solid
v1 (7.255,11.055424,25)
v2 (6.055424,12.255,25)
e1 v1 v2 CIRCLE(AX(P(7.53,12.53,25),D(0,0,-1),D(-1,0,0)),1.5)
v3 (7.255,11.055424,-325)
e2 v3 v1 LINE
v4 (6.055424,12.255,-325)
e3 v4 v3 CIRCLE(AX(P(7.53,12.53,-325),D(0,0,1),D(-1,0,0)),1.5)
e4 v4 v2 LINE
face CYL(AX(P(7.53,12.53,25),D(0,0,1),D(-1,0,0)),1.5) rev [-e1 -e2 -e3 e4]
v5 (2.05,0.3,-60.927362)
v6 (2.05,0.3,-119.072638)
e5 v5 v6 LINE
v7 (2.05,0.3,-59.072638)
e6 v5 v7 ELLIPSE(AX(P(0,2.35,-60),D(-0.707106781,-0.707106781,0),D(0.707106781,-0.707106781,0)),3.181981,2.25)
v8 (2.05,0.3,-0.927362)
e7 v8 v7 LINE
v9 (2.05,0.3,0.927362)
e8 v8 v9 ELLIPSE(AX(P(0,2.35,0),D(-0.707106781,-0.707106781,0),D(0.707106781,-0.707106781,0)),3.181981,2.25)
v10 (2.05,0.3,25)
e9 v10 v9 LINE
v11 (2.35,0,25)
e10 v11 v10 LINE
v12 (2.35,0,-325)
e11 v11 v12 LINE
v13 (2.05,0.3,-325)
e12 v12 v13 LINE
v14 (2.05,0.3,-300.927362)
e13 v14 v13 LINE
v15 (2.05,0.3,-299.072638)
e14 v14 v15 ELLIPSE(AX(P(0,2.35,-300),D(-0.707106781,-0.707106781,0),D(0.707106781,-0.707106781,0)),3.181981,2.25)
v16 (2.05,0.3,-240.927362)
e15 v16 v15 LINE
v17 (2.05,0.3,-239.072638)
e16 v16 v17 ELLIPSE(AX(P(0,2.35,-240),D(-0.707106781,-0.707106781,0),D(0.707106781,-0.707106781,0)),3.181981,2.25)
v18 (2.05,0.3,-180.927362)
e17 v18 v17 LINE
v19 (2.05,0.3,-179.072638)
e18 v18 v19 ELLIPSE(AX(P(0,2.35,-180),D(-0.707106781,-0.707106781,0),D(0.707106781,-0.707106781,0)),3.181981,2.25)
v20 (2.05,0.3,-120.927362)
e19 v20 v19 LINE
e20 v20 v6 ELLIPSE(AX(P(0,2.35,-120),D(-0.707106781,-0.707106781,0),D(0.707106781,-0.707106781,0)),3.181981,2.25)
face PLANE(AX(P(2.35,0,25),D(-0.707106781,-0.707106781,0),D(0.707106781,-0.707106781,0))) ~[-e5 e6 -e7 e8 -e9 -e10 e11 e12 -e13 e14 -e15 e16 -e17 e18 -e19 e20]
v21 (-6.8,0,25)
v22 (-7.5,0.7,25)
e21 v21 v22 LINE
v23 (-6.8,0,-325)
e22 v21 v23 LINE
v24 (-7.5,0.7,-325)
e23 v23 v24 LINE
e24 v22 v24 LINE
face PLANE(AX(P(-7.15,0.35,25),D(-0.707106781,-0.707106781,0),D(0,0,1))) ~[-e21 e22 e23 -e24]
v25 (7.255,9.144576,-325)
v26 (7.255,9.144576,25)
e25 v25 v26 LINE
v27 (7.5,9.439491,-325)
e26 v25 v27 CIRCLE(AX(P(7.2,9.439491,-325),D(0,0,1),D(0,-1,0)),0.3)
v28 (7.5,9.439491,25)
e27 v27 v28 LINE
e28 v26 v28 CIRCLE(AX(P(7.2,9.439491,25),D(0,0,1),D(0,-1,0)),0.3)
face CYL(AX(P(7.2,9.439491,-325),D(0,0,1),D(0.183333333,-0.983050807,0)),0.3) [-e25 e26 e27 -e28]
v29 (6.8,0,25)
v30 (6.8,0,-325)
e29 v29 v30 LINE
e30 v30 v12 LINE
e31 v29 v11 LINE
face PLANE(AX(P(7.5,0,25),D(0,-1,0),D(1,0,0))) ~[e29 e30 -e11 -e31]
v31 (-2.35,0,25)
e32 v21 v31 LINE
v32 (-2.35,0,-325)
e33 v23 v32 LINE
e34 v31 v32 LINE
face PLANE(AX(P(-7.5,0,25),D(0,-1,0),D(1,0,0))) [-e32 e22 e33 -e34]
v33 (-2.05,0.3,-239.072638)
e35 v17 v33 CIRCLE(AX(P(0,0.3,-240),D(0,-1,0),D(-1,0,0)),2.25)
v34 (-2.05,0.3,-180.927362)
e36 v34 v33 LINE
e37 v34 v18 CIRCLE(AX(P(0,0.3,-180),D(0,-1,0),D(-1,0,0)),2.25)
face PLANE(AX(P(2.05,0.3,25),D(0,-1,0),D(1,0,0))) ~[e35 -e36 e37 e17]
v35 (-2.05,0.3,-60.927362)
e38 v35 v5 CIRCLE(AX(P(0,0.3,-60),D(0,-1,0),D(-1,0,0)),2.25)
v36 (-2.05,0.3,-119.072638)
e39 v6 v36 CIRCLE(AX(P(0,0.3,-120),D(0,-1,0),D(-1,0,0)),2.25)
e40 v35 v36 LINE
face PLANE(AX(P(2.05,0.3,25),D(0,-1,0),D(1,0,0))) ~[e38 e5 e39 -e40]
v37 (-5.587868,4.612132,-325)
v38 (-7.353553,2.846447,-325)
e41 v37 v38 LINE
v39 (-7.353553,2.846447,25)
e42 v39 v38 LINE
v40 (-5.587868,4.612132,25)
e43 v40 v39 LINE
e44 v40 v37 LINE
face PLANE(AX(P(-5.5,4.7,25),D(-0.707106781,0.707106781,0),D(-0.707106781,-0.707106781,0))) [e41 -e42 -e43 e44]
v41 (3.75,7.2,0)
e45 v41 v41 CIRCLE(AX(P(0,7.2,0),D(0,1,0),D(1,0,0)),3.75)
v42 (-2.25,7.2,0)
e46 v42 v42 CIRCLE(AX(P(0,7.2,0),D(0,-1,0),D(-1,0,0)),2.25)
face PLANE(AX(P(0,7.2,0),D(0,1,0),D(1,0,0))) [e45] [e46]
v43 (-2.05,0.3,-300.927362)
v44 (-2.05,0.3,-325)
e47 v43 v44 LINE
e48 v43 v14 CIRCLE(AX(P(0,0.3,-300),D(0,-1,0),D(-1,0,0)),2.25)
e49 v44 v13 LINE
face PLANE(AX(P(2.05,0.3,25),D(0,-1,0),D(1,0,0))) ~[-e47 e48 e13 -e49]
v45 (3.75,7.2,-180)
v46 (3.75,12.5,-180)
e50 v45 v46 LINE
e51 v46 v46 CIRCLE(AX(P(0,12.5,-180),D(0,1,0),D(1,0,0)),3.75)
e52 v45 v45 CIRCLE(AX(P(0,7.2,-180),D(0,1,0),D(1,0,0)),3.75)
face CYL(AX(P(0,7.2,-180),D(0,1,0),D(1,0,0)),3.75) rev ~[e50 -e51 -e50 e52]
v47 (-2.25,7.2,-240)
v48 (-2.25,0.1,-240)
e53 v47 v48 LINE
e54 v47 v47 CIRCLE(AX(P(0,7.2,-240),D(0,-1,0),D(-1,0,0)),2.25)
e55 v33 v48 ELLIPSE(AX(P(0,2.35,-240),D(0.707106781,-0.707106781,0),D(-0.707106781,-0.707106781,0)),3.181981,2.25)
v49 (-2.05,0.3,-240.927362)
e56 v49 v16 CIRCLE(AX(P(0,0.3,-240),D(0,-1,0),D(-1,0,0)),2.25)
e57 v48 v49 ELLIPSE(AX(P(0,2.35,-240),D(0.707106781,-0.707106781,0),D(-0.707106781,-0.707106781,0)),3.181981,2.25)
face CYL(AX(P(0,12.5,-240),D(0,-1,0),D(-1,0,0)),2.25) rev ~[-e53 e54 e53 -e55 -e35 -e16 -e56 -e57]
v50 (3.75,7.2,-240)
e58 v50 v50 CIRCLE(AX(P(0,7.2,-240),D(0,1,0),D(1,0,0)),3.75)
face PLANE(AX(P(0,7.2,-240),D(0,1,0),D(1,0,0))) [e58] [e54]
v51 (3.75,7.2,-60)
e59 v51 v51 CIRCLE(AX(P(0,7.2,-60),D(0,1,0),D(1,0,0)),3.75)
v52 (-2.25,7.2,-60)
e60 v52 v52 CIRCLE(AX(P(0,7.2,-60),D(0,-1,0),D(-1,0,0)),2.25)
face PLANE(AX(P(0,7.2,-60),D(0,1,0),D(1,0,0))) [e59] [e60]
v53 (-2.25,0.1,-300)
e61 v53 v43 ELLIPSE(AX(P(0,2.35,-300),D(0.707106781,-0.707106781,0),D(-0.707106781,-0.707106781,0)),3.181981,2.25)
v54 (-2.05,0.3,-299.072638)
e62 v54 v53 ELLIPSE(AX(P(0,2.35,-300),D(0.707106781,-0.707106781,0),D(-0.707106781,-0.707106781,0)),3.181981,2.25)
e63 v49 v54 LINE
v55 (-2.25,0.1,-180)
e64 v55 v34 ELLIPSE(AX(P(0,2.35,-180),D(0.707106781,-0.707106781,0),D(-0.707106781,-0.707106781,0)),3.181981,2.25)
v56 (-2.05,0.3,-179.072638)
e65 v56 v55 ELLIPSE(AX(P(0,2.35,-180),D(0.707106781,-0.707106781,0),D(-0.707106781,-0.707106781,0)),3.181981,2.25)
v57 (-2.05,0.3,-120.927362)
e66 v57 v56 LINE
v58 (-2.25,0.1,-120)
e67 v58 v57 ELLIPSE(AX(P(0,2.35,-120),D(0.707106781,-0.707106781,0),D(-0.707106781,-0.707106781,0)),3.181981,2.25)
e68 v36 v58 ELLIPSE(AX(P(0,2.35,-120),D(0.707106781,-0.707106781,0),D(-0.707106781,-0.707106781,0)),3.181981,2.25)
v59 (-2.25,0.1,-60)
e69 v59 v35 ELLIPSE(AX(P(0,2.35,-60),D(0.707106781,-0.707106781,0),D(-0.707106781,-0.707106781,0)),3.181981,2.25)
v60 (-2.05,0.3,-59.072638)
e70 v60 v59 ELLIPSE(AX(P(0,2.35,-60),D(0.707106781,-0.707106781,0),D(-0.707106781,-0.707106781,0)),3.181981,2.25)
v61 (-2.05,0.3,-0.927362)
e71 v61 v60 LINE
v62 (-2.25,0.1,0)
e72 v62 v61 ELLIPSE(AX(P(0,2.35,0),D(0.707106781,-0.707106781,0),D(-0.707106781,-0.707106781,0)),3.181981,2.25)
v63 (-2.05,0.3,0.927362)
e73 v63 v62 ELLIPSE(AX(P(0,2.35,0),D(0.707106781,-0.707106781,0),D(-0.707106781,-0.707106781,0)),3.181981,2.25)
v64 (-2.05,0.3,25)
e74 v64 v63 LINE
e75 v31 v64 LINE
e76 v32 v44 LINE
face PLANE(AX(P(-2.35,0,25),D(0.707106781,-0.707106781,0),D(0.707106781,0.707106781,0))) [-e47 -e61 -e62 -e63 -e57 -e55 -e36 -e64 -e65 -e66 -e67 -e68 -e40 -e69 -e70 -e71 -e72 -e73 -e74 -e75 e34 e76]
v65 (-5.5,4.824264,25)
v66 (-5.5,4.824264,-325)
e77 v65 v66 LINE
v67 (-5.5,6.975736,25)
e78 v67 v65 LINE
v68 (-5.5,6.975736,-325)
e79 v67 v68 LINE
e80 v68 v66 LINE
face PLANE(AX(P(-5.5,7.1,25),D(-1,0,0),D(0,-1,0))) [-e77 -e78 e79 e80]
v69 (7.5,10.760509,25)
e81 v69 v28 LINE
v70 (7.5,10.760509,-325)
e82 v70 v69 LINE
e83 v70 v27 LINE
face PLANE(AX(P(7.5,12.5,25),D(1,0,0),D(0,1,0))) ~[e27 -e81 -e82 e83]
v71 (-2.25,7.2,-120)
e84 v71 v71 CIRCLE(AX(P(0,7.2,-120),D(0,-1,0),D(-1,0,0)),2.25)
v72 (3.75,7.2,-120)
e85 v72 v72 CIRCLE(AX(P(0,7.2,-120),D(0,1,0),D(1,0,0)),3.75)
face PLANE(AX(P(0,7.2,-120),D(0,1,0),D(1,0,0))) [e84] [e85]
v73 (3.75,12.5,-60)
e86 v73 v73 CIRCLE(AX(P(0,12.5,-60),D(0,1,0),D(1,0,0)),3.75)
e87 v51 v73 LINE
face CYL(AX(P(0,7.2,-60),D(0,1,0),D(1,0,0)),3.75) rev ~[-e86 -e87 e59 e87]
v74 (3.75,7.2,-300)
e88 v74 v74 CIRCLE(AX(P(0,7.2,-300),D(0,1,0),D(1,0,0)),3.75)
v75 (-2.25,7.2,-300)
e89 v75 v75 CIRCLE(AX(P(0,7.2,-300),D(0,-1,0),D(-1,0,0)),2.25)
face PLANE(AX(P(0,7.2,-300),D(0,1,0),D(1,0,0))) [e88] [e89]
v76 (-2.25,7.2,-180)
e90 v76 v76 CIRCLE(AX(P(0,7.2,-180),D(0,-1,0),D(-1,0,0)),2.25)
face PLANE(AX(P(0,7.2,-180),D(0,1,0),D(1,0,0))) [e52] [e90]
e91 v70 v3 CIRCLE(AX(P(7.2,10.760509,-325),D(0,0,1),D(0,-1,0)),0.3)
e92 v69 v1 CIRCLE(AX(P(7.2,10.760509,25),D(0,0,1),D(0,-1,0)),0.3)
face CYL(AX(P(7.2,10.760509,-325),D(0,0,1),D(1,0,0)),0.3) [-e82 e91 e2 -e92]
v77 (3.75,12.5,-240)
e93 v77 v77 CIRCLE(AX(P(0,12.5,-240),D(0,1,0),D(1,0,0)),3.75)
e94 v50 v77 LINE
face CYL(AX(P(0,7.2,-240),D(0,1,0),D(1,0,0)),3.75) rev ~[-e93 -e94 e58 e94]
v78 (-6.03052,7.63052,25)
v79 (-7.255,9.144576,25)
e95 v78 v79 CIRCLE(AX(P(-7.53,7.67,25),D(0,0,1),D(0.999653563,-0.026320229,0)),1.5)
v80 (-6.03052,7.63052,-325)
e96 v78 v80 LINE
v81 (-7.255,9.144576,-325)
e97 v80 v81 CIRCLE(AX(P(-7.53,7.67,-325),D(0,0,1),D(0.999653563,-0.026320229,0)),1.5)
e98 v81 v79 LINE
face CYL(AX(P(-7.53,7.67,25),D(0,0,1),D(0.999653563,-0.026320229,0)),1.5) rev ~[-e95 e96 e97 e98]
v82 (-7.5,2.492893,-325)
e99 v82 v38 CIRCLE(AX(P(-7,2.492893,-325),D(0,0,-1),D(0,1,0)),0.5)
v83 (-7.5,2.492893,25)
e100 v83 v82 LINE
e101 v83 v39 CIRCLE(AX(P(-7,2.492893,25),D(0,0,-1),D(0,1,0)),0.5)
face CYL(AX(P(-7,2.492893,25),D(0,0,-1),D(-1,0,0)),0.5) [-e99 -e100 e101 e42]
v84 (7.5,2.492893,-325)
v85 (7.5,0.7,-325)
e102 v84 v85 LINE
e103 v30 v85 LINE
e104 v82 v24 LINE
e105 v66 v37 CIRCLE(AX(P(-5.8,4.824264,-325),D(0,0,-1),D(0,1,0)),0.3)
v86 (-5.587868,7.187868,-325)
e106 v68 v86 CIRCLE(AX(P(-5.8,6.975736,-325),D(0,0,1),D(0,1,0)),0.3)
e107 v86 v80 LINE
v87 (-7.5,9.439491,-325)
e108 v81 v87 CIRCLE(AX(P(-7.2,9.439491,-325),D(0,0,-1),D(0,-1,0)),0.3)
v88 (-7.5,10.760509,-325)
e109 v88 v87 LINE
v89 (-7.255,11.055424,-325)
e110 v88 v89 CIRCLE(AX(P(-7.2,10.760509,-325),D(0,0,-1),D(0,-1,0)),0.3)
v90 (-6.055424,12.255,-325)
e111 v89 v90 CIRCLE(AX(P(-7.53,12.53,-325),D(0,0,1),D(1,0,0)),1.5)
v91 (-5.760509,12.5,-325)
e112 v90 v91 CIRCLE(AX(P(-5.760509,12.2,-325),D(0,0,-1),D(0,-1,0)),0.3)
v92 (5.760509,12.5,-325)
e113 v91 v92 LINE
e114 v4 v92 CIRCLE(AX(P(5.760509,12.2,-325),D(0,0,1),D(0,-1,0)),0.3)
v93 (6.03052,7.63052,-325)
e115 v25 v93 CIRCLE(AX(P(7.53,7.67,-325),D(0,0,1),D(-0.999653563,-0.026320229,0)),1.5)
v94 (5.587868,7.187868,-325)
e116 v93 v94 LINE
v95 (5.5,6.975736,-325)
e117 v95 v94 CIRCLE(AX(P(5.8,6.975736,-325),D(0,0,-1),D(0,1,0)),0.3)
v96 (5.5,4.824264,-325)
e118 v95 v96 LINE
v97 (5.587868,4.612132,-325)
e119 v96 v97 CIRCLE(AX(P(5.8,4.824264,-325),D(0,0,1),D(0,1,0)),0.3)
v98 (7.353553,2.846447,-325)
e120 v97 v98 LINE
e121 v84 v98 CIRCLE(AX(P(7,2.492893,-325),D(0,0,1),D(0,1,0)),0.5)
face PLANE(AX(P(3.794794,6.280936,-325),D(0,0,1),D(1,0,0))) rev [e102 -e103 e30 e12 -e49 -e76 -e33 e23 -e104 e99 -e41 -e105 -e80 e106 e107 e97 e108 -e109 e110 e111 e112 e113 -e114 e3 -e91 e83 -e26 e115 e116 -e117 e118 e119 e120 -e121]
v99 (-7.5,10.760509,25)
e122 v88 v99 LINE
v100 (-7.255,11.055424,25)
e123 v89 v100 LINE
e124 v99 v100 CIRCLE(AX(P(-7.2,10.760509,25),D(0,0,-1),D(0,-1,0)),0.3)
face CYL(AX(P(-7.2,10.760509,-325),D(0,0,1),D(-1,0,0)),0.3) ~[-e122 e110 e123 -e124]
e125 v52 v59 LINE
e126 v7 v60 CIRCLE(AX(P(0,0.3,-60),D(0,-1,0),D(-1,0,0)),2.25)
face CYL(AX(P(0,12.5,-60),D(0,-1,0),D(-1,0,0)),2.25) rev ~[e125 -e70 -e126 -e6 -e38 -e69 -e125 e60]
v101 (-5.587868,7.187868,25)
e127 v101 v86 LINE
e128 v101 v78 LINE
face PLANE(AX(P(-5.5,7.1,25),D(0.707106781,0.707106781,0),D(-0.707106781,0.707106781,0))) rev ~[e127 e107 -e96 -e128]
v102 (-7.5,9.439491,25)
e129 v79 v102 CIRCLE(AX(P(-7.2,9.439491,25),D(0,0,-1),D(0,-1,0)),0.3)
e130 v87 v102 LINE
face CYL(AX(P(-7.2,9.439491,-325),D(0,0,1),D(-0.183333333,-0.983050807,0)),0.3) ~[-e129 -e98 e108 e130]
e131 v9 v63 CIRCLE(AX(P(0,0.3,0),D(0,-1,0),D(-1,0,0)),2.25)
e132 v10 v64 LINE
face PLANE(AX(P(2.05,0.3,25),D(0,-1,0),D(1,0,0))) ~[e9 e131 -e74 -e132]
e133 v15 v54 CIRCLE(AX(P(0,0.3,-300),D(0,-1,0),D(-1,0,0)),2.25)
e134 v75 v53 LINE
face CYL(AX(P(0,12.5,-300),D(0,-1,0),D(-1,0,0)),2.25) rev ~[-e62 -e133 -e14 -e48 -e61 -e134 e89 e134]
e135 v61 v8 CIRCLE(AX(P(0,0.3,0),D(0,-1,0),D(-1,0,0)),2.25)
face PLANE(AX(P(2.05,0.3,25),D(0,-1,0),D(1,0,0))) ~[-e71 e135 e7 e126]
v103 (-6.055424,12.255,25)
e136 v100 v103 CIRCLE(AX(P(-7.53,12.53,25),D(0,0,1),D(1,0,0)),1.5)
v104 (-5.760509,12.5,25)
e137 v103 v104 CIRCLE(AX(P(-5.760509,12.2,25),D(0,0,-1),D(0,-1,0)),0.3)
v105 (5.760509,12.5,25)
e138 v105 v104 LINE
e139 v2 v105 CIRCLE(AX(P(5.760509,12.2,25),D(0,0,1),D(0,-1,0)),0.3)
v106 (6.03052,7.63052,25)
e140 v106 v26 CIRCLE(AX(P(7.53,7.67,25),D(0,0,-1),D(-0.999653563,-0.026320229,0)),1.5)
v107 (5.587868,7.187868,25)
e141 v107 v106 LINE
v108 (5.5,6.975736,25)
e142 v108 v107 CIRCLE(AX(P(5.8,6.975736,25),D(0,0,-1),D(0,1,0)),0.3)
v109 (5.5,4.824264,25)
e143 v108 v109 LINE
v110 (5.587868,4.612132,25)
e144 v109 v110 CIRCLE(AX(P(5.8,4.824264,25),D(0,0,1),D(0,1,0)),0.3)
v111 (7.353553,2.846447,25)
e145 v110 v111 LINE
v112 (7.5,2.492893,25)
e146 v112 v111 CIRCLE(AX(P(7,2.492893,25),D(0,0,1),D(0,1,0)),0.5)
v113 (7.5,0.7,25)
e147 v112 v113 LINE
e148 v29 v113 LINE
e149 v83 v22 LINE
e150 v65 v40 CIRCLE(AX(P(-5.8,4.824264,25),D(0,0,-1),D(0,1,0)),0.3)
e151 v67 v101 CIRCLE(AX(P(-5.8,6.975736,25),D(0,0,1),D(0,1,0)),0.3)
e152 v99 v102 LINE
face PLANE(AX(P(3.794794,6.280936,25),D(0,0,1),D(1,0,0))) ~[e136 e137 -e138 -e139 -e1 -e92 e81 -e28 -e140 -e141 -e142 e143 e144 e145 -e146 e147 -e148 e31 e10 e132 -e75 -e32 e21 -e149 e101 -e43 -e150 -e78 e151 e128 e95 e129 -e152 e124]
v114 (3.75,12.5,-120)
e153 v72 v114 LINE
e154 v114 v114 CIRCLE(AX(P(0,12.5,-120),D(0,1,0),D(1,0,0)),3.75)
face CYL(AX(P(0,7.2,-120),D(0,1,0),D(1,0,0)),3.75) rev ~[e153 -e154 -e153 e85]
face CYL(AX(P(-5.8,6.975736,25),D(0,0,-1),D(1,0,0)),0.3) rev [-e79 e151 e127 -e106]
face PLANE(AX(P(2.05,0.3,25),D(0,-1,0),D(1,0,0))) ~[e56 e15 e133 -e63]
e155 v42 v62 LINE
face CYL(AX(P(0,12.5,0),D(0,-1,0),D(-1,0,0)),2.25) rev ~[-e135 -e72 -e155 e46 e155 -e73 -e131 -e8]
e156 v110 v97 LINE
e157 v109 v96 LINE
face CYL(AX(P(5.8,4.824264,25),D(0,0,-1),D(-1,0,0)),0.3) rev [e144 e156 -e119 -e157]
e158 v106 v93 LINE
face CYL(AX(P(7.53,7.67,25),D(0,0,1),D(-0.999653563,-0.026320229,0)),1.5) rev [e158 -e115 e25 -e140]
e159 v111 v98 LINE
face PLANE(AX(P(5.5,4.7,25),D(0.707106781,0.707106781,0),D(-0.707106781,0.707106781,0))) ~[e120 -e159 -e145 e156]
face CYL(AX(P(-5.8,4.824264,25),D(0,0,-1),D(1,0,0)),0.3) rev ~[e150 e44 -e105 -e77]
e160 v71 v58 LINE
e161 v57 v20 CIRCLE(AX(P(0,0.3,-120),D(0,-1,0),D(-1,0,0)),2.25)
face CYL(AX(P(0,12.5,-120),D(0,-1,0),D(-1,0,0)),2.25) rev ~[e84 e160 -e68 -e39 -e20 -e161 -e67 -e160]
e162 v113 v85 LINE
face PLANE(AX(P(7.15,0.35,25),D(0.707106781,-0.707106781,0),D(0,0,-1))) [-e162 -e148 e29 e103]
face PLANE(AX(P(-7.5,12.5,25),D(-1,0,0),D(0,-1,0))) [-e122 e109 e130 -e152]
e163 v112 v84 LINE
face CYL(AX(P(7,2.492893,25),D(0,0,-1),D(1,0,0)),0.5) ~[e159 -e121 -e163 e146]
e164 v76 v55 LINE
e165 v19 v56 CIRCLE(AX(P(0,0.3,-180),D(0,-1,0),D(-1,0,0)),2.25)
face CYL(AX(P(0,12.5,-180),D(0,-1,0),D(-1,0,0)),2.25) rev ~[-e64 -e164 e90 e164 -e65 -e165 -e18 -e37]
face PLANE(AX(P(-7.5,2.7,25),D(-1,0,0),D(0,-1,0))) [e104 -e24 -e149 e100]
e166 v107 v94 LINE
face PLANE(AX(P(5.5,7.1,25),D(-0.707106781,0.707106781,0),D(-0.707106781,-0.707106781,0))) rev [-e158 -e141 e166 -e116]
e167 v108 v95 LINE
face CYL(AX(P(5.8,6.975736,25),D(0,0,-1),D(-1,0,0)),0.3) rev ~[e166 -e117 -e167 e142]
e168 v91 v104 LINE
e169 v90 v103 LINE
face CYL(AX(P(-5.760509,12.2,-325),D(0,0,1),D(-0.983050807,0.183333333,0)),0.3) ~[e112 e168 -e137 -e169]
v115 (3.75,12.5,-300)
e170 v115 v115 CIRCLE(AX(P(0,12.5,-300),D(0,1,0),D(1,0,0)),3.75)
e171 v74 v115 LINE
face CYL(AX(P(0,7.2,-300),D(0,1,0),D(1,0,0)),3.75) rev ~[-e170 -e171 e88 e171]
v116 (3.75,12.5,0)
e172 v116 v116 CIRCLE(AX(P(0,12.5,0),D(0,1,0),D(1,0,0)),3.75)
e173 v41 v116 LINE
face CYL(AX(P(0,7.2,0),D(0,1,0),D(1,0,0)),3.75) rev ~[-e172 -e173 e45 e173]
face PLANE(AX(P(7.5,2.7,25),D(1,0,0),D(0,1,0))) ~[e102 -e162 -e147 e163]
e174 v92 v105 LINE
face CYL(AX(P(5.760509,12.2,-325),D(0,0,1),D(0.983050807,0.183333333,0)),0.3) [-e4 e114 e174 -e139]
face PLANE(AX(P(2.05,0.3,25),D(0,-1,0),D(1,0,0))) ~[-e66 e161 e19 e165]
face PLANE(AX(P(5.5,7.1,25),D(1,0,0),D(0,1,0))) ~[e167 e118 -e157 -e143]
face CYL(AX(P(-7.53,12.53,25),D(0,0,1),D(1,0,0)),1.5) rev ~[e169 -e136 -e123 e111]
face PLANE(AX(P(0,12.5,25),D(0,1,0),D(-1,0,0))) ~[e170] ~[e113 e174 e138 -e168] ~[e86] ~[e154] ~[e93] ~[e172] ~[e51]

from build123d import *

# Parameters (mm, degrees)
BOSS_EXTRUDE101_DEPTH        = 350
SKETCH2_R                    = 1.5
CUT_EXTRUDE101_DEPTH         = 351.303439892
CHAMFER101_SIZE              = 0.7
FILLET101_R                  = 0.5
FILLET102_R                  = 0.3
FILLET103_R                  = 0.3
FILLET104_R                  = 0.3
CHAMFER101_OF_MIRROR101_SIZE = 0.7
FILLET101_OF_MIRROR101_R     = 0.5
FILLET102_OF_MIRROR101_R     = 0.3
FILLET103_OF_MIRROR101_R     = 0.3
FILLET104_OF_MIRROR101_R     = 0.3
CBORE101_D                   = 4.5
CBORE101_CBORE_D             = 7.5
CBORE101_CBORE_DEPTH         = 5.3
LPATTERN101_COUNT            = 6
LPATTERN101_PITCH            = 60


with BuildPart() as part:
    # Sketch1 → Boss-Extrude101 (new body)
    with BuildSketch(Plane.XY.offset(25)):
        Polygon((-2.05, 0.3), (0, 0.3), (0, 12.5), (-7.5, 12.5), (-7.5, 7.1), (-5.5, 7.1), (-5.5, 4.7), (-7.5, 2.7), (-7.5, 0), (-2.35, 0), align=None)
    boss_extrude101 = extrude(amount=-BOSS_EXTRUDE101_DEPTH)

    # Sketch2 → Cut-Extrude101 (cut, through all)
    with BuildSketch(Plane.XY.offset(25)):
        with Locations((-7.53, 12.53)):
            Circle(SKETCH2_R)
        with BuildLine():
            Line((-5.5, 7.1), (-6.030519656, 7.630519656))
            ThreePointArc((-6.030519656, 7.630519656), (-8.576608686, 8.744527923), (-7.53, 6.17))
            Line((-7.53, 6.17), (-7.5, 2.7))
            Line((-7.5, 2.7), (-5.5, 4.7))
            Line((-5.5, 4.7), (-5.5, 7.1))
        make_face()
    cut_extrude101 = extrude(amount=-CUT_EXTRUDE101_DEPTH, mode=Mode.SUBTRACT)

    # Chamfer101
    chamfer101_edges = [part.edges().sort_by_distance(p)[0] for p in [
        (-7.5, 0, -150),
    ]]
    chamfer(chamfer101_edges, length=CHAMFER101_SIZE)

    # Fillet101
    fillet101_edges = [part.edges().sort_by_distance(p)[0] for p in [
        (-7.5, 2.7, -150),
    ]]
    fillet(fillet101_edges, radius=FILLET101_R)

    # Fillet102
    fillet102_edges = [part.edges().sort_by_distance(p)[0] for p in [
        (-5.5, 7.1, -150),
    ]]
    fillet(fillet102_edges, radius=FILLET102_R)

    # Fillet103
    fillet103_edges = [part.edges().sort_by_distance(p)[0] for p in [
        (-7.5, 11.03030003, -150),
        (-6.03030003, 12.5, -150),
        (-7.5, 9.16969997, -150),
    ]]
    fillet(fillet103_edges, radius=FILLET103_R)

    # Fillet104
    fillet104_edges = [part.edges().sort_by_distance(p)[0] for p in [
        (-5.5, 4.7, -150),
    ]]
    fillet(fillet104_edges, radius=FILLET104_R)

    # Mirror101: Boss-Extrude101, Cut-Extrude101 across plane
    add(boss_extrude101.mirror(Plane(origin=(0, 0, 0), x_dir=(0, 0, 1), z_dir=(1, 0, 0))))
    add(cut_extrude101.mirror(Plane(origin=(0, 0, 0), x_dir=(0, 0, 1), z_dir=(1, 0, 0))), mode=Mode.SUBTRACT)

    # Chamfer101 of Mirror101
    chamfer101_of_mirror101_edges = [part.edges().sort_by_distance(p)[0] for p in [
        (7.5, 0, -150),
    ]]
    chamfer(chamfer101_of_mirror101_edges, length=CHAMFER101_OF_MIRROR101_SIZE)

    # Fillet101 of Mirror101
    fillet101_of_mirror101_edges = [part.edges().sort_by_distance(p)[0] for p in [
        (7.5, 2.7, -150),
    ]]
    fillet(fillet101_of_mirror101_edges, radius=FILLET101_OF_MIRROR101_R)

    # Fillet102 of Mirror101
    fillet102_of_mirror101_edges = [part.edges().sort_by_distance(p)[0] for p in [
        (5.5, 7.1, -150),
    ]]
    fillet(fillet102_of_mirror101_edges, radius=FILLET102_OF_MIRROR101_R)

    # Fillet103 of Mirror101
    fillet103_of_mirror101_edges = [part.edges().sort_by_distance(p)[0] for p in [
        (7.5, 11.03030003, -150),
        (6.03030003, 12.5, -150),
        (7.5, 9.16969997, -150),
    ]]
    fillet(fillet103_of_mirror101_edges, radius=FILLET103_OF_MIRROR101_R)

    # Fillet104 of Mirror101
    fillet104_of_mirror101_edges = [part.edges().sort_by_distance(p)[0] for p in [
        (5.5, 4.7, -150),
    ]]
    fillet(fillet104_of_mirror101_edges, radius=FILLET104_OF_MIRROR101_R)

    # CBORE101 (through all)
    with Locations(Plane(origin=(0, 12.5, 0), x_dir=(1, 0, 0), z_dir=(0, 1, 0))):
        with Locations((0, 0)):
            cbore101 = CounterBoreHole(CBORE101_D / 2, CBORE101_CBORE_D / 2, CBORE101_CBORE_DEPTH)

    # LPattern101: CBORE101 ×6
    with Locations(*[(0, 0, -i * LPATTERN101_PITCH) for i in range(1, LPATTERN101_COUNT)]):
        add(cbore101, mode=Mode.SUBTRACT)


solid = part.part
